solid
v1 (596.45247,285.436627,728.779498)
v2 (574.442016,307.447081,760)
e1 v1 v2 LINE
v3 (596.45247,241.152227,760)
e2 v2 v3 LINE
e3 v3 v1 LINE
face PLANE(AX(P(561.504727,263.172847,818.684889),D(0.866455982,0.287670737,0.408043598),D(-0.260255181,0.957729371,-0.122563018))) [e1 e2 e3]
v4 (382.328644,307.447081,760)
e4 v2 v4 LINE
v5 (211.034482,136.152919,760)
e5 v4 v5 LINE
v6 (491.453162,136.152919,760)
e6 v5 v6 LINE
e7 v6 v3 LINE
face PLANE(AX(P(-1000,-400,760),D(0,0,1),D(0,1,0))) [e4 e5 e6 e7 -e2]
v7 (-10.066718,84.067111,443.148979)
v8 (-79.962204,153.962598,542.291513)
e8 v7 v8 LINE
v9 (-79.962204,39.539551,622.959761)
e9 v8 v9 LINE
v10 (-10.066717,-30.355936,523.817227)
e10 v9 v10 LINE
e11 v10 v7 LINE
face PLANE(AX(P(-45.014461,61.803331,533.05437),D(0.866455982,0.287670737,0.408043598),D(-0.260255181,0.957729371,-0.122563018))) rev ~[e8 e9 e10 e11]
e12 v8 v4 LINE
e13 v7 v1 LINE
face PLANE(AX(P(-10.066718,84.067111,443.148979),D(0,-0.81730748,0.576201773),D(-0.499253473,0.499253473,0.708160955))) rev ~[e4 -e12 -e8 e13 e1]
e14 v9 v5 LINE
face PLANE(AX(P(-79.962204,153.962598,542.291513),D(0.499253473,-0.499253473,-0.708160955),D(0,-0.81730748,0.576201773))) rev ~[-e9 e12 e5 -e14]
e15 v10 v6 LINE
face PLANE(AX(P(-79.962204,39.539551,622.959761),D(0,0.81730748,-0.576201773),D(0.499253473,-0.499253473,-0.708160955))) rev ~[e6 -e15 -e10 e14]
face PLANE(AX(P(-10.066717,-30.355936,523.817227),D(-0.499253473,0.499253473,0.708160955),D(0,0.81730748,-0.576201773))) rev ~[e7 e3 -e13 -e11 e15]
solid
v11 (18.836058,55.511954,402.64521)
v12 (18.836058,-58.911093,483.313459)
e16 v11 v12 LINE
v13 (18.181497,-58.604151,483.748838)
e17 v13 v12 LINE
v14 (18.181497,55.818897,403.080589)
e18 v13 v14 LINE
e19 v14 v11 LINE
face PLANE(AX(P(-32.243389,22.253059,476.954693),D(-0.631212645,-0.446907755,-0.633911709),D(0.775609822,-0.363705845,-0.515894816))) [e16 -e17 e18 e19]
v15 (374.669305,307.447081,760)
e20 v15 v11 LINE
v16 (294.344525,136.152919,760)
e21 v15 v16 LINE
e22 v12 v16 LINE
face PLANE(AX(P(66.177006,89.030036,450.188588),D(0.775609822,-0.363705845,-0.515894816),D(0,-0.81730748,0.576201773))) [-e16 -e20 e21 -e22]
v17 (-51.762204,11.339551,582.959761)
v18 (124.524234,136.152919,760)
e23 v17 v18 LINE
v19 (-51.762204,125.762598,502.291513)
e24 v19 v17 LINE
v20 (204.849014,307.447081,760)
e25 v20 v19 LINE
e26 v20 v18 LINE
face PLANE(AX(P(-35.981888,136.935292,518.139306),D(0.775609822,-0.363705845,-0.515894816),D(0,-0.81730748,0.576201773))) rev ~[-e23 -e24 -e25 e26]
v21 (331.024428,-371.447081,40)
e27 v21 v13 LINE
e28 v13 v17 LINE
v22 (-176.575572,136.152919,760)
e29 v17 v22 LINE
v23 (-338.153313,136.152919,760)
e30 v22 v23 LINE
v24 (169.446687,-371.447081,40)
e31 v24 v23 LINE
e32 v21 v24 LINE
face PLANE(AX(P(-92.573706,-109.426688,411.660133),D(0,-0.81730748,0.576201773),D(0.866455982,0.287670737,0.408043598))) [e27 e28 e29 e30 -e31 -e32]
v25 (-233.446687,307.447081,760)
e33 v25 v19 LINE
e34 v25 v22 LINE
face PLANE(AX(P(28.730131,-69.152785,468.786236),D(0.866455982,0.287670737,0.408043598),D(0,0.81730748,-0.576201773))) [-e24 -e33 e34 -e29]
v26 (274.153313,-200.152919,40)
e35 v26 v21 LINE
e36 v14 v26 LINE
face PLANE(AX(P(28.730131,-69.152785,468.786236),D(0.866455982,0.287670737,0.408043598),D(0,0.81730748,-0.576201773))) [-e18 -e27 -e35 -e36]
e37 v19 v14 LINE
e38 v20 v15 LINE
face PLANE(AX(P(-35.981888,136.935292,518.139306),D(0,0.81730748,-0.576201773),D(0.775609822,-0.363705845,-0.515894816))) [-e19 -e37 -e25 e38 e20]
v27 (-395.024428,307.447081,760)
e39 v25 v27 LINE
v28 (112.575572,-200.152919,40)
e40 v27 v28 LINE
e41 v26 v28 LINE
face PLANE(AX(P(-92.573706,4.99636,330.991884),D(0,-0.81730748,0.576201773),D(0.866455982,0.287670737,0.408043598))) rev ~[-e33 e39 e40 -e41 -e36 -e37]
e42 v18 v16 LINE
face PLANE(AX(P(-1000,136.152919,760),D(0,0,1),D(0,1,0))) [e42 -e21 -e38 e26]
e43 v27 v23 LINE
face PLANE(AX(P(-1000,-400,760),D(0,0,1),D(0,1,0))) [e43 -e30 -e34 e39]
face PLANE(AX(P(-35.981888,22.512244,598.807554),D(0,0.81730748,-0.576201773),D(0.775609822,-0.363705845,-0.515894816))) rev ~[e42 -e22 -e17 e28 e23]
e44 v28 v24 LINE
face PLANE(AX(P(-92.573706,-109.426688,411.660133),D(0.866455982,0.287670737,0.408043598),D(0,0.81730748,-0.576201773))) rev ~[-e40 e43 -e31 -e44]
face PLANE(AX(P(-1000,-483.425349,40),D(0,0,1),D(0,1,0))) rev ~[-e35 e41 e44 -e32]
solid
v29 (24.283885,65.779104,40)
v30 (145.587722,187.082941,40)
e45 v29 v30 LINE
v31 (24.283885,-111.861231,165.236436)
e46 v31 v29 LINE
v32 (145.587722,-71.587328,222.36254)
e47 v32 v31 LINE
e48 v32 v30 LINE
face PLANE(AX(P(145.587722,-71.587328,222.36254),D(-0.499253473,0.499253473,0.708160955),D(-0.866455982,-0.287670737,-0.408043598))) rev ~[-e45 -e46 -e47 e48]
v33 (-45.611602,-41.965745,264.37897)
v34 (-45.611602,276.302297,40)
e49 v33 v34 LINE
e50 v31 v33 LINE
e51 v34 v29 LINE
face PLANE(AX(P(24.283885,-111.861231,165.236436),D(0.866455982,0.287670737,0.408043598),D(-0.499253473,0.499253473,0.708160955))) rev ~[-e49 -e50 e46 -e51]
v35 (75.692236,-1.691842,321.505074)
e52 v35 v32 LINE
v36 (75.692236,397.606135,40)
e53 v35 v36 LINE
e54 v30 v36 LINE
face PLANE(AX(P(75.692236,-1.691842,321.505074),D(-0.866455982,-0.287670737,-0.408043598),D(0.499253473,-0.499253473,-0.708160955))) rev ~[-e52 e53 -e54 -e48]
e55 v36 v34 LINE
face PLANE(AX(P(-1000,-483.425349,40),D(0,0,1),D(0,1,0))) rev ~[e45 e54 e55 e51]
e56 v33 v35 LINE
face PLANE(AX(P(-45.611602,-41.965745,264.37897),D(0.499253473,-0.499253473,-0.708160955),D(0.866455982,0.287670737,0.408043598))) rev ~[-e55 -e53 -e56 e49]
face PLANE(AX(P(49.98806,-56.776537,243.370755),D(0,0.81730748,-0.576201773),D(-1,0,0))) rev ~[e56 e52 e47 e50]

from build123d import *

# Parameters (mm, degrees)
F9_W           = 140
F9_H           = 140
F10_DEPTH      = 800
F10_DEPTH_BACK = 800
F12_W          = 564.5952224731
F12_H          = 285.0261449814
F13_DEPTH      = 1428.1339100058
F15_DEPTH      = 700
F16_W          = 560.895
F16_H          = 273.263
F17_DEPTH      = 1359.2254278392
F19_DEPTH      = 700
F21_DEPTH      = 1596.4534700886
F22_W          = 800
F22_H          = 96.37819767
F22_W_2        = 981.2902510166
F22_H_2        = 103.05424124
F23_DEPTH      = 1596.4534700886
F27_W          = 131.7142857143
F27_H          = 140
F28_DEPTH      = 25
F28_DEPTH_BACK = 50
F29_DEPTH      = 800
F31_DEPTH      = 1596.4534700886


with BuildPart() as f10:
    # F9 (on offset) → F10 (new body, two sides)
    with BuildSketch(Plane(origin=(-141.3425141685, 141.3425141685, 200.4858357), x_dir=(0.8664559823, 0.2876707367, 0.4080435981), z_dir=(-0.4992534734, 0.4992534734, 0.7081609552))) as f10_sk:
        with Locations((126.285384252, -256.6345486516)):
            Rectangle(F9_W, F9_H)
    extrude(amount=F10_DEPTH)
    extrude(f10_sk.sketch, amount=-F10_DEPTH_BACK)

    # F12 (on offset) → F13 (cut, through all)
    with BuildSketch(Plane.YZ.offset(-1000)):
        with Locations((282.2976112366, 942.5130724907)):
            Rectangle(F12_W, F12_H)
        Polygon((-127.9739290476, -303.6372065544), (-127.9739290476, 0), (-400, 0), (-567.8840875626, 0), (-567.8840875626, -303.6372065544), align=None)
    extrude(amount=F13_DEPTH, mode=Mode.SUBTRACT)


with BuildPart() as f15:
    # F14 (on face) → F15 (new body)
    with BuildSketch(Plane(origin=(0, -152.5378125987, 107.5391578821), x_dir=(-1, 0, 0), z_dir=(0, 0.8173074798, -0.5762017732))):
        Polygon((45.6116016434, 191.898172882), (-75.6922358782, 261.7936591636), (-145.5877221597, 140.4898216419), (-24.2838846381, 70.5943353604), align=None)
    extrude(amount=F15_DEPTH)

    # F16 (on offset) → F17 (cut, through all)
    with BuildSketch(Plane.YZ.offset(-1000)):
        with Locations((375.4791935778, -136.6315)):
            Rectangle(F16_W, F16_H)
    extrude(amount=F17_DEPTH, mode=Mode.SUBTRACT)


with BuildPart() as f19:
    # F18 (on face) → F19 (new body)
    with BuildSketch(Plane(origin=(170.0726454226, 56.4655610903, 80.0929944543), x_dir=(-0.2602551811, 0.9577293706, -0.1225630184), z_dir=(0.8664559823, 0.2876707367, 0.4080435981))):
        Polygon((101.8001949413, 524.6782716814), (-17.6730619993, 597.6586860129), (-90.6534763308, 478.1854290723), (28.8197806098, 405.2050147407), align=None)
    extrude(amount=F19_DEPTH)

    # F20 (on offset) → F21 (cut, through all)
    with BuildSketch(Plane.YZ.offset(-1000)):
        Polygon((400, 800), (468.4830904007, 800), (468.4830904007, 1033.912062645), (129.1458308697, 1033.912062645), (129.1458308697, 800), align=None)
    extrude(amount=F21_DEPTH, mode=Mode.SUBTRACT)


with BuildPart() as f23_tool:
    # F22 (on offset) → F23 (new body, through all)
    with BuildSketch(Plane.YZ.offset(-1000)):
        with Locations((0, 808.189098835)):
            Rectangle(F22_W, F22_H)
        with Locations((7.2197765112, -11.52712062)):
            Rectangle(F22_W_2, F22_H_2)
    extrude(amount=F23_DEPTH)


with BuildPart() as f10_1:
    add(f10.part)

    # F23: cut by f23_tool
    add(f23_tool.part, mode=Mode.SUBTRACT)

    # F27 (on 3pt) → F28 (join, two sides)
    with BuildSketch(Plane(origin=(215.8367219303, 152.8155457803, 216.7596394047), x_dir=(0.7756098225, -0.3637058454, -0.5158948161), z_dir=(-0.6312126451, -0.4469077551, -0.6339117093))) as f28_sk:
        with Locations((-279.1603104754, 256.6345486516)):
            Rectangle(F27_W, F27_H)
    extrude(amount=-F28_DEPTH)
    extrude(f28_sk.sketch, amount=F28_DEPTH_BACK)

    # F29 (add): a face of the model
    f29_faces = [f10_1.faces().sort_by_distance(p)[0] for p in [
        (15.0975592058, 55.77114019, 524.4980711915),
    ]]
    extrude(f29_faces, amount=F29_DEPTH)

    # F30 (on offset) → F31 (cut, through all)
    with BuildSketch(Plane.YZ.offset(-1000)):
        Polygon((380.0384484697, 1105.9369213675), (136.1529189055, 760), (307.4470810945, 760), (494.4614956391, 1025.268673113), align=None)
    extrude(amount=F31_DEPTH, mode=Mode.SUBTRACT)


with BuildPart() as f15_1:
    add(f15.part)

    # F23: cut by f23_tool
    add(f23_tool.part, mode=Mode.SUBTRACT)


with BuildPart() as f19_1:
    add(f19.part)

    # F23: cut by f23_tool
    add(f23_tool.part, mode=Mode.SUBTRACT)


solid = Compound([f10_1.part, f15_1.part, f19_1.part])
